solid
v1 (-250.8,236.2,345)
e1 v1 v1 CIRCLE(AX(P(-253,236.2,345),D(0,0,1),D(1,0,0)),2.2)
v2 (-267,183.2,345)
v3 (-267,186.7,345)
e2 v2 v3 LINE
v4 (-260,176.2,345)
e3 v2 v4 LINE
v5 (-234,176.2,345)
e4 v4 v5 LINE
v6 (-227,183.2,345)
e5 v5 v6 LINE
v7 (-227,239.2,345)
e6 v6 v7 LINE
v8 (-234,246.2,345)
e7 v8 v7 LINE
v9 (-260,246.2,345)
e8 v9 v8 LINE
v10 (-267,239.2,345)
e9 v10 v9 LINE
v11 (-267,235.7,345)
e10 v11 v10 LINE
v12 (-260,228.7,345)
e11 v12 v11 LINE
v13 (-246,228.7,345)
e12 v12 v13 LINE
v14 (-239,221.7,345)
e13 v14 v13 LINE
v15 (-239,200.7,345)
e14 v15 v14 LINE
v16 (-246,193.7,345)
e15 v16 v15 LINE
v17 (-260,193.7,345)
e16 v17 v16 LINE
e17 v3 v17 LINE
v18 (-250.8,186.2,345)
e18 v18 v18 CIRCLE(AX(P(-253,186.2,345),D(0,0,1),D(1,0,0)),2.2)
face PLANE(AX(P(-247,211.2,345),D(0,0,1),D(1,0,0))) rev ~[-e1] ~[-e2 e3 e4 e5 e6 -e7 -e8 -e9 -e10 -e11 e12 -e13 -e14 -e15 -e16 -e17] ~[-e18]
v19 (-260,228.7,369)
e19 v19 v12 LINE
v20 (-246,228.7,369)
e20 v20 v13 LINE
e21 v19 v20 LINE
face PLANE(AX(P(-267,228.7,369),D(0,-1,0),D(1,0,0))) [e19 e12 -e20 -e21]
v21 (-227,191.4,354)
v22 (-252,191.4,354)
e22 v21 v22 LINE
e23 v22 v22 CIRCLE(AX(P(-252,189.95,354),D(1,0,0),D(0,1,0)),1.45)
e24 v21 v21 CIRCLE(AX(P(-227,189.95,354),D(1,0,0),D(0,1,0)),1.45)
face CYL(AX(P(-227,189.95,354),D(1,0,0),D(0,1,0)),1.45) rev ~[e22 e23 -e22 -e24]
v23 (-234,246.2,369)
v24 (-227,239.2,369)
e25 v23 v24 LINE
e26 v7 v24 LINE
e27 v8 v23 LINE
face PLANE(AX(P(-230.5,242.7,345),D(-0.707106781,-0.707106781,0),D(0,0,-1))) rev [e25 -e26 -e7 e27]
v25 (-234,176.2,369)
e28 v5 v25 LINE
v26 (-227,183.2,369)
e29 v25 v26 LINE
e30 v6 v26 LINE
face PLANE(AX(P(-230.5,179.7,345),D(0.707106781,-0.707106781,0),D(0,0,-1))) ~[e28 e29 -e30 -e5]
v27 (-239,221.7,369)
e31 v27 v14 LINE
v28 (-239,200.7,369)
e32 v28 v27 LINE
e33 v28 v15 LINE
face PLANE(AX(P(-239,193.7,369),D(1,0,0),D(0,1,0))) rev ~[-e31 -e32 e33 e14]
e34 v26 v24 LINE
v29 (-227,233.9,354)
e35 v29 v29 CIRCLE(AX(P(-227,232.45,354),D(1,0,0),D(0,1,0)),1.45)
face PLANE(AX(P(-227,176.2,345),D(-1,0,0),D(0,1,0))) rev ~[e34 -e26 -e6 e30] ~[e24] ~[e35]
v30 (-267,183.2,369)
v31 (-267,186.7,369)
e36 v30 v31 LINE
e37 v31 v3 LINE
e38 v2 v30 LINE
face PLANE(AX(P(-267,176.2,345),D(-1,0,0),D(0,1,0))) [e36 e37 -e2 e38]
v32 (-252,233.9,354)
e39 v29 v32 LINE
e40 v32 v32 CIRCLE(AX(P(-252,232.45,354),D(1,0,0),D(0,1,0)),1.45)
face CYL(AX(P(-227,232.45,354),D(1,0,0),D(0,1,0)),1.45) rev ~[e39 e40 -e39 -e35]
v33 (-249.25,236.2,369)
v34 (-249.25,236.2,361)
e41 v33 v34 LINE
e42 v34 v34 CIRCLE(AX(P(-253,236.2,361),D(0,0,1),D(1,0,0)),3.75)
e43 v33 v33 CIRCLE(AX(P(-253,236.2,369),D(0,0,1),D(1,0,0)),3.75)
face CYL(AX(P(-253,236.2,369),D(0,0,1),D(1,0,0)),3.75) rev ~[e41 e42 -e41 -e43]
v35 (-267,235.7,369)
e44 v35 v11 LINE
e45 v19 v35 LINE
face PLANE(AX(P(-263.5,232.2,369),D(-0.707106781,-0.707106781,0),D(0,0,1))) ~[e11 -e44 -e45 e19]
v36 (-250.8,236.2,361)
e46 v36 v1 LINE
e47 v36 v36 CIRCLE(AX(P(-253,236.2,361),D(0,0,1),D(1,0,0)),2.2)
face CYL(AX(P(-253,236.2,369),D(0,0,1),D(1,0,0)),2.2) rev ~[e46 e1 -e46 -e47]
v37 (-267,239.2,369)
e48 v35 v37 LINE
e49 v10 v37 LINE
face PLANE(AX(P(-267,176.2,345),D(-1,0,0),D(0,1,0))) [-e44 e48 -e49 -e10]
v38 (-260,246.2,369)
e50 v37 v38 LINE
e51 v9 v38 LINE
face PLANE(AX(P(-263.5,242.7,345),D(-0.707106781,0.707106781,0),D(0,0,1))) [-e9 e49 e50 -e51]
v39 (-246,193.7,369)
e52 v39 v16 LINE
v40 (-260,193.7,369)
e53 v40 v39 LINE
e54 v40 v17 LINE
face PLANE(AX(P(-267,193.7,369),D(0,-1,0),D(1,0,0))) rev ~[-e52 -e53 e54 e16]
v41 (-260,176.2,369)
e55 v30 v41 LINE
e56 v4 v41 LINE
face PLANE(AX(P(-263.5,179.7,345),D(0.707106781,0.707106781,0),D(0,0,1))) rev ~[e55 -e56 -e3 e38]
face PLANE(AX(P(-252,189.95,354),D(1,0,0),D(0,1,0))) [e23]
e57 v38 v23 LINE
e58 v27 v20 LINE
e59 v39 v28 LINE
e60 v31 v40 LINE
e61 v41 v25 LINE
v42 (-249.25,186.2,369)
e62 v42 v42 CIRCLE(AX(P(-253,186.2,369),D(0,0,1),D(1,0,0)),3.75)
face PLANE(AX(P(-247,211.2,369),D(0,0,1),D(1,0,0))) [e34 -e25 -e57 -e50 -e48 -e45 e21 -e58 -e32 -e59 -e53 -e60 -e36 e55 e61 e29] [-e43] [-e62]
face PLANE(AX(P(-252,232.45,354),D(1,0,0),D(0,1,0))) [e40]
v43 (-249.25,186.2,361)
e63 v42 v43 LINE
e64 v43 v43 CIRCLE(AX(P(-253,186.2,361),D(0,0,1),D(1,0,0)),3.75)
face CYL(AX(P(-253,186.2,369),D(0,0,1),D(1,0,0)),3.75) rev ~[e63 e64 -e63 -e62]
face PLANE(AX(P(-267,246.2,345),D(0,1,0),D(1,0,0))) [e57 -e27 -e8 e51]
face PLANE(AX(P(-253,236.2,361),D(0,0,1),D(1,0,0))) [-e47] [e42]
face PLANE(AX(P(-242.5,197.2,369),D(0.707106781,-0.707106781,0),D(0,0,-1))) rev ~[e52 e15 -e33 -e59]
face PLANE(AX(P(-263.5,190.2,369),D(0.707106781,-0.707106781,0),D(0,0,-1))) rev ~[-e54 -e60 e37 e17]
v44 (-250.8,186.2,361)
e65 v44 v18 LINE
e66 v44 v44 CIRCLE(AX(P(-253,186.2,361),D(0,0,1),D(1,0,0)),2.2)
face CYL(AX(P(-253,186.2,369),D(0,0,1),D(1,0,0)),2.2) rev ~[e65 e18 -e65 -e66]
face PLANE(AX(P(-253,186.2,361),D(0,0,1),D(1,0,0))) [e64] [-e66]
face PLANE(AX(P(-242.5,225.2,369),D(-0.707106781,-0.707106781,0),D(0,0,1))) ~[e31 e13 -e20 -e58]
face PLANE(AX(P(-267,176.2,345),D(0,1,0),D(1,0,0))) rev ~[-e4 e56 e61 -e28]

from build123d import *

# Parameters (mm, degrees)
BOX003_W        = 40
BOX003_H        = 70
BOX003_DEPTH    = 24
SKETCH012_R     = 2.2
SKETCH012_W     = 28
SKETCH012_H     = 35
POCKET012_DEPTH = 37
CHAMFER004_SIZE = 7
SKETCH013_R     = 3.75
POCKET013_DEPTH = 8
SKETCH014_R     = 1.45
POCKET014_DEPTH = 25


with BuildPart() as part:
    # Box003 → Box003 (new body)
    with BuildSketch(Plane(origin=(-267, 176.2, 345), x_dir=(1, 0, 0), z_dir=(0, 0, 1))):
        with Locations((20, 35)):
            Rectangle(BOX003_W, BOX003_H)
    extrude(amount=BOX003_DEPTH)

    # Sketch012 → Pocket012 (cut)
    with BuildSketch(Plane(origin=(-267, 176.2, 369), x_dir=(1, 0, 0), z_dir=(0, 0, 1))):
        with Locations((14, 60)):
            Circle(SKETCH012_R)
        with Locations((14, 10)):
            Circle(SKETCH012_R)
        with Locations((14, 35)):
            Rectangle(SKETCH012_W, SKETCH012_H)
    extrude(amount=-POCKET012_DEPTH, mode=Mode.SUBTRACT)

    # Chamfer004
    chamfer004_edges = [part.edges().sort_by_distance(p)[0] for p in [
        (-227, 176.2, 357),
        (-267, 176.2, 357),
        (-267, 193.7, 357),
        (-239, 193.7, 357),
        (-239, 228.7, 357),
        (-267, 228.7, 357),
        (-267, 246.2, 357),
        (-227, 246.2, 357),
    ]]
    chamfer(chamfer004_edges, length=CHAMFER004_SIZE)

    # Sketch013 → Pocket013 (cut)
    with BuildSketch(Plane(origin=(-267, 176.2, 369), x_dir=(1, 0, 0), z_dir=(0, 0, 1))):
        with Locations((14, 60)):
            Circle(SKETCH013_R)
        with Locations((14, 10)):
            Circle(SKETCH013_R)
    extrude(amount=-POCKET013_DEPTH, mode=Mode.SUBTRACT)

    # Sketch014 → Pocket014 (cut)
    with BuildSketch(Plane(origin=(-227, 176.2, 345), x_dir=(0, 1, 0), z_dir=(1, 0, 0))):
        with Locations((13.75, 9)):
            Circle(SKETCH014_R)
        with Locations((56.25, 9)):
            Circle(SKETCH014_R)
    extrude(amount=-POCKET014_DEPTH, mode=Mode.SUBTRACT)


solid = part.part
